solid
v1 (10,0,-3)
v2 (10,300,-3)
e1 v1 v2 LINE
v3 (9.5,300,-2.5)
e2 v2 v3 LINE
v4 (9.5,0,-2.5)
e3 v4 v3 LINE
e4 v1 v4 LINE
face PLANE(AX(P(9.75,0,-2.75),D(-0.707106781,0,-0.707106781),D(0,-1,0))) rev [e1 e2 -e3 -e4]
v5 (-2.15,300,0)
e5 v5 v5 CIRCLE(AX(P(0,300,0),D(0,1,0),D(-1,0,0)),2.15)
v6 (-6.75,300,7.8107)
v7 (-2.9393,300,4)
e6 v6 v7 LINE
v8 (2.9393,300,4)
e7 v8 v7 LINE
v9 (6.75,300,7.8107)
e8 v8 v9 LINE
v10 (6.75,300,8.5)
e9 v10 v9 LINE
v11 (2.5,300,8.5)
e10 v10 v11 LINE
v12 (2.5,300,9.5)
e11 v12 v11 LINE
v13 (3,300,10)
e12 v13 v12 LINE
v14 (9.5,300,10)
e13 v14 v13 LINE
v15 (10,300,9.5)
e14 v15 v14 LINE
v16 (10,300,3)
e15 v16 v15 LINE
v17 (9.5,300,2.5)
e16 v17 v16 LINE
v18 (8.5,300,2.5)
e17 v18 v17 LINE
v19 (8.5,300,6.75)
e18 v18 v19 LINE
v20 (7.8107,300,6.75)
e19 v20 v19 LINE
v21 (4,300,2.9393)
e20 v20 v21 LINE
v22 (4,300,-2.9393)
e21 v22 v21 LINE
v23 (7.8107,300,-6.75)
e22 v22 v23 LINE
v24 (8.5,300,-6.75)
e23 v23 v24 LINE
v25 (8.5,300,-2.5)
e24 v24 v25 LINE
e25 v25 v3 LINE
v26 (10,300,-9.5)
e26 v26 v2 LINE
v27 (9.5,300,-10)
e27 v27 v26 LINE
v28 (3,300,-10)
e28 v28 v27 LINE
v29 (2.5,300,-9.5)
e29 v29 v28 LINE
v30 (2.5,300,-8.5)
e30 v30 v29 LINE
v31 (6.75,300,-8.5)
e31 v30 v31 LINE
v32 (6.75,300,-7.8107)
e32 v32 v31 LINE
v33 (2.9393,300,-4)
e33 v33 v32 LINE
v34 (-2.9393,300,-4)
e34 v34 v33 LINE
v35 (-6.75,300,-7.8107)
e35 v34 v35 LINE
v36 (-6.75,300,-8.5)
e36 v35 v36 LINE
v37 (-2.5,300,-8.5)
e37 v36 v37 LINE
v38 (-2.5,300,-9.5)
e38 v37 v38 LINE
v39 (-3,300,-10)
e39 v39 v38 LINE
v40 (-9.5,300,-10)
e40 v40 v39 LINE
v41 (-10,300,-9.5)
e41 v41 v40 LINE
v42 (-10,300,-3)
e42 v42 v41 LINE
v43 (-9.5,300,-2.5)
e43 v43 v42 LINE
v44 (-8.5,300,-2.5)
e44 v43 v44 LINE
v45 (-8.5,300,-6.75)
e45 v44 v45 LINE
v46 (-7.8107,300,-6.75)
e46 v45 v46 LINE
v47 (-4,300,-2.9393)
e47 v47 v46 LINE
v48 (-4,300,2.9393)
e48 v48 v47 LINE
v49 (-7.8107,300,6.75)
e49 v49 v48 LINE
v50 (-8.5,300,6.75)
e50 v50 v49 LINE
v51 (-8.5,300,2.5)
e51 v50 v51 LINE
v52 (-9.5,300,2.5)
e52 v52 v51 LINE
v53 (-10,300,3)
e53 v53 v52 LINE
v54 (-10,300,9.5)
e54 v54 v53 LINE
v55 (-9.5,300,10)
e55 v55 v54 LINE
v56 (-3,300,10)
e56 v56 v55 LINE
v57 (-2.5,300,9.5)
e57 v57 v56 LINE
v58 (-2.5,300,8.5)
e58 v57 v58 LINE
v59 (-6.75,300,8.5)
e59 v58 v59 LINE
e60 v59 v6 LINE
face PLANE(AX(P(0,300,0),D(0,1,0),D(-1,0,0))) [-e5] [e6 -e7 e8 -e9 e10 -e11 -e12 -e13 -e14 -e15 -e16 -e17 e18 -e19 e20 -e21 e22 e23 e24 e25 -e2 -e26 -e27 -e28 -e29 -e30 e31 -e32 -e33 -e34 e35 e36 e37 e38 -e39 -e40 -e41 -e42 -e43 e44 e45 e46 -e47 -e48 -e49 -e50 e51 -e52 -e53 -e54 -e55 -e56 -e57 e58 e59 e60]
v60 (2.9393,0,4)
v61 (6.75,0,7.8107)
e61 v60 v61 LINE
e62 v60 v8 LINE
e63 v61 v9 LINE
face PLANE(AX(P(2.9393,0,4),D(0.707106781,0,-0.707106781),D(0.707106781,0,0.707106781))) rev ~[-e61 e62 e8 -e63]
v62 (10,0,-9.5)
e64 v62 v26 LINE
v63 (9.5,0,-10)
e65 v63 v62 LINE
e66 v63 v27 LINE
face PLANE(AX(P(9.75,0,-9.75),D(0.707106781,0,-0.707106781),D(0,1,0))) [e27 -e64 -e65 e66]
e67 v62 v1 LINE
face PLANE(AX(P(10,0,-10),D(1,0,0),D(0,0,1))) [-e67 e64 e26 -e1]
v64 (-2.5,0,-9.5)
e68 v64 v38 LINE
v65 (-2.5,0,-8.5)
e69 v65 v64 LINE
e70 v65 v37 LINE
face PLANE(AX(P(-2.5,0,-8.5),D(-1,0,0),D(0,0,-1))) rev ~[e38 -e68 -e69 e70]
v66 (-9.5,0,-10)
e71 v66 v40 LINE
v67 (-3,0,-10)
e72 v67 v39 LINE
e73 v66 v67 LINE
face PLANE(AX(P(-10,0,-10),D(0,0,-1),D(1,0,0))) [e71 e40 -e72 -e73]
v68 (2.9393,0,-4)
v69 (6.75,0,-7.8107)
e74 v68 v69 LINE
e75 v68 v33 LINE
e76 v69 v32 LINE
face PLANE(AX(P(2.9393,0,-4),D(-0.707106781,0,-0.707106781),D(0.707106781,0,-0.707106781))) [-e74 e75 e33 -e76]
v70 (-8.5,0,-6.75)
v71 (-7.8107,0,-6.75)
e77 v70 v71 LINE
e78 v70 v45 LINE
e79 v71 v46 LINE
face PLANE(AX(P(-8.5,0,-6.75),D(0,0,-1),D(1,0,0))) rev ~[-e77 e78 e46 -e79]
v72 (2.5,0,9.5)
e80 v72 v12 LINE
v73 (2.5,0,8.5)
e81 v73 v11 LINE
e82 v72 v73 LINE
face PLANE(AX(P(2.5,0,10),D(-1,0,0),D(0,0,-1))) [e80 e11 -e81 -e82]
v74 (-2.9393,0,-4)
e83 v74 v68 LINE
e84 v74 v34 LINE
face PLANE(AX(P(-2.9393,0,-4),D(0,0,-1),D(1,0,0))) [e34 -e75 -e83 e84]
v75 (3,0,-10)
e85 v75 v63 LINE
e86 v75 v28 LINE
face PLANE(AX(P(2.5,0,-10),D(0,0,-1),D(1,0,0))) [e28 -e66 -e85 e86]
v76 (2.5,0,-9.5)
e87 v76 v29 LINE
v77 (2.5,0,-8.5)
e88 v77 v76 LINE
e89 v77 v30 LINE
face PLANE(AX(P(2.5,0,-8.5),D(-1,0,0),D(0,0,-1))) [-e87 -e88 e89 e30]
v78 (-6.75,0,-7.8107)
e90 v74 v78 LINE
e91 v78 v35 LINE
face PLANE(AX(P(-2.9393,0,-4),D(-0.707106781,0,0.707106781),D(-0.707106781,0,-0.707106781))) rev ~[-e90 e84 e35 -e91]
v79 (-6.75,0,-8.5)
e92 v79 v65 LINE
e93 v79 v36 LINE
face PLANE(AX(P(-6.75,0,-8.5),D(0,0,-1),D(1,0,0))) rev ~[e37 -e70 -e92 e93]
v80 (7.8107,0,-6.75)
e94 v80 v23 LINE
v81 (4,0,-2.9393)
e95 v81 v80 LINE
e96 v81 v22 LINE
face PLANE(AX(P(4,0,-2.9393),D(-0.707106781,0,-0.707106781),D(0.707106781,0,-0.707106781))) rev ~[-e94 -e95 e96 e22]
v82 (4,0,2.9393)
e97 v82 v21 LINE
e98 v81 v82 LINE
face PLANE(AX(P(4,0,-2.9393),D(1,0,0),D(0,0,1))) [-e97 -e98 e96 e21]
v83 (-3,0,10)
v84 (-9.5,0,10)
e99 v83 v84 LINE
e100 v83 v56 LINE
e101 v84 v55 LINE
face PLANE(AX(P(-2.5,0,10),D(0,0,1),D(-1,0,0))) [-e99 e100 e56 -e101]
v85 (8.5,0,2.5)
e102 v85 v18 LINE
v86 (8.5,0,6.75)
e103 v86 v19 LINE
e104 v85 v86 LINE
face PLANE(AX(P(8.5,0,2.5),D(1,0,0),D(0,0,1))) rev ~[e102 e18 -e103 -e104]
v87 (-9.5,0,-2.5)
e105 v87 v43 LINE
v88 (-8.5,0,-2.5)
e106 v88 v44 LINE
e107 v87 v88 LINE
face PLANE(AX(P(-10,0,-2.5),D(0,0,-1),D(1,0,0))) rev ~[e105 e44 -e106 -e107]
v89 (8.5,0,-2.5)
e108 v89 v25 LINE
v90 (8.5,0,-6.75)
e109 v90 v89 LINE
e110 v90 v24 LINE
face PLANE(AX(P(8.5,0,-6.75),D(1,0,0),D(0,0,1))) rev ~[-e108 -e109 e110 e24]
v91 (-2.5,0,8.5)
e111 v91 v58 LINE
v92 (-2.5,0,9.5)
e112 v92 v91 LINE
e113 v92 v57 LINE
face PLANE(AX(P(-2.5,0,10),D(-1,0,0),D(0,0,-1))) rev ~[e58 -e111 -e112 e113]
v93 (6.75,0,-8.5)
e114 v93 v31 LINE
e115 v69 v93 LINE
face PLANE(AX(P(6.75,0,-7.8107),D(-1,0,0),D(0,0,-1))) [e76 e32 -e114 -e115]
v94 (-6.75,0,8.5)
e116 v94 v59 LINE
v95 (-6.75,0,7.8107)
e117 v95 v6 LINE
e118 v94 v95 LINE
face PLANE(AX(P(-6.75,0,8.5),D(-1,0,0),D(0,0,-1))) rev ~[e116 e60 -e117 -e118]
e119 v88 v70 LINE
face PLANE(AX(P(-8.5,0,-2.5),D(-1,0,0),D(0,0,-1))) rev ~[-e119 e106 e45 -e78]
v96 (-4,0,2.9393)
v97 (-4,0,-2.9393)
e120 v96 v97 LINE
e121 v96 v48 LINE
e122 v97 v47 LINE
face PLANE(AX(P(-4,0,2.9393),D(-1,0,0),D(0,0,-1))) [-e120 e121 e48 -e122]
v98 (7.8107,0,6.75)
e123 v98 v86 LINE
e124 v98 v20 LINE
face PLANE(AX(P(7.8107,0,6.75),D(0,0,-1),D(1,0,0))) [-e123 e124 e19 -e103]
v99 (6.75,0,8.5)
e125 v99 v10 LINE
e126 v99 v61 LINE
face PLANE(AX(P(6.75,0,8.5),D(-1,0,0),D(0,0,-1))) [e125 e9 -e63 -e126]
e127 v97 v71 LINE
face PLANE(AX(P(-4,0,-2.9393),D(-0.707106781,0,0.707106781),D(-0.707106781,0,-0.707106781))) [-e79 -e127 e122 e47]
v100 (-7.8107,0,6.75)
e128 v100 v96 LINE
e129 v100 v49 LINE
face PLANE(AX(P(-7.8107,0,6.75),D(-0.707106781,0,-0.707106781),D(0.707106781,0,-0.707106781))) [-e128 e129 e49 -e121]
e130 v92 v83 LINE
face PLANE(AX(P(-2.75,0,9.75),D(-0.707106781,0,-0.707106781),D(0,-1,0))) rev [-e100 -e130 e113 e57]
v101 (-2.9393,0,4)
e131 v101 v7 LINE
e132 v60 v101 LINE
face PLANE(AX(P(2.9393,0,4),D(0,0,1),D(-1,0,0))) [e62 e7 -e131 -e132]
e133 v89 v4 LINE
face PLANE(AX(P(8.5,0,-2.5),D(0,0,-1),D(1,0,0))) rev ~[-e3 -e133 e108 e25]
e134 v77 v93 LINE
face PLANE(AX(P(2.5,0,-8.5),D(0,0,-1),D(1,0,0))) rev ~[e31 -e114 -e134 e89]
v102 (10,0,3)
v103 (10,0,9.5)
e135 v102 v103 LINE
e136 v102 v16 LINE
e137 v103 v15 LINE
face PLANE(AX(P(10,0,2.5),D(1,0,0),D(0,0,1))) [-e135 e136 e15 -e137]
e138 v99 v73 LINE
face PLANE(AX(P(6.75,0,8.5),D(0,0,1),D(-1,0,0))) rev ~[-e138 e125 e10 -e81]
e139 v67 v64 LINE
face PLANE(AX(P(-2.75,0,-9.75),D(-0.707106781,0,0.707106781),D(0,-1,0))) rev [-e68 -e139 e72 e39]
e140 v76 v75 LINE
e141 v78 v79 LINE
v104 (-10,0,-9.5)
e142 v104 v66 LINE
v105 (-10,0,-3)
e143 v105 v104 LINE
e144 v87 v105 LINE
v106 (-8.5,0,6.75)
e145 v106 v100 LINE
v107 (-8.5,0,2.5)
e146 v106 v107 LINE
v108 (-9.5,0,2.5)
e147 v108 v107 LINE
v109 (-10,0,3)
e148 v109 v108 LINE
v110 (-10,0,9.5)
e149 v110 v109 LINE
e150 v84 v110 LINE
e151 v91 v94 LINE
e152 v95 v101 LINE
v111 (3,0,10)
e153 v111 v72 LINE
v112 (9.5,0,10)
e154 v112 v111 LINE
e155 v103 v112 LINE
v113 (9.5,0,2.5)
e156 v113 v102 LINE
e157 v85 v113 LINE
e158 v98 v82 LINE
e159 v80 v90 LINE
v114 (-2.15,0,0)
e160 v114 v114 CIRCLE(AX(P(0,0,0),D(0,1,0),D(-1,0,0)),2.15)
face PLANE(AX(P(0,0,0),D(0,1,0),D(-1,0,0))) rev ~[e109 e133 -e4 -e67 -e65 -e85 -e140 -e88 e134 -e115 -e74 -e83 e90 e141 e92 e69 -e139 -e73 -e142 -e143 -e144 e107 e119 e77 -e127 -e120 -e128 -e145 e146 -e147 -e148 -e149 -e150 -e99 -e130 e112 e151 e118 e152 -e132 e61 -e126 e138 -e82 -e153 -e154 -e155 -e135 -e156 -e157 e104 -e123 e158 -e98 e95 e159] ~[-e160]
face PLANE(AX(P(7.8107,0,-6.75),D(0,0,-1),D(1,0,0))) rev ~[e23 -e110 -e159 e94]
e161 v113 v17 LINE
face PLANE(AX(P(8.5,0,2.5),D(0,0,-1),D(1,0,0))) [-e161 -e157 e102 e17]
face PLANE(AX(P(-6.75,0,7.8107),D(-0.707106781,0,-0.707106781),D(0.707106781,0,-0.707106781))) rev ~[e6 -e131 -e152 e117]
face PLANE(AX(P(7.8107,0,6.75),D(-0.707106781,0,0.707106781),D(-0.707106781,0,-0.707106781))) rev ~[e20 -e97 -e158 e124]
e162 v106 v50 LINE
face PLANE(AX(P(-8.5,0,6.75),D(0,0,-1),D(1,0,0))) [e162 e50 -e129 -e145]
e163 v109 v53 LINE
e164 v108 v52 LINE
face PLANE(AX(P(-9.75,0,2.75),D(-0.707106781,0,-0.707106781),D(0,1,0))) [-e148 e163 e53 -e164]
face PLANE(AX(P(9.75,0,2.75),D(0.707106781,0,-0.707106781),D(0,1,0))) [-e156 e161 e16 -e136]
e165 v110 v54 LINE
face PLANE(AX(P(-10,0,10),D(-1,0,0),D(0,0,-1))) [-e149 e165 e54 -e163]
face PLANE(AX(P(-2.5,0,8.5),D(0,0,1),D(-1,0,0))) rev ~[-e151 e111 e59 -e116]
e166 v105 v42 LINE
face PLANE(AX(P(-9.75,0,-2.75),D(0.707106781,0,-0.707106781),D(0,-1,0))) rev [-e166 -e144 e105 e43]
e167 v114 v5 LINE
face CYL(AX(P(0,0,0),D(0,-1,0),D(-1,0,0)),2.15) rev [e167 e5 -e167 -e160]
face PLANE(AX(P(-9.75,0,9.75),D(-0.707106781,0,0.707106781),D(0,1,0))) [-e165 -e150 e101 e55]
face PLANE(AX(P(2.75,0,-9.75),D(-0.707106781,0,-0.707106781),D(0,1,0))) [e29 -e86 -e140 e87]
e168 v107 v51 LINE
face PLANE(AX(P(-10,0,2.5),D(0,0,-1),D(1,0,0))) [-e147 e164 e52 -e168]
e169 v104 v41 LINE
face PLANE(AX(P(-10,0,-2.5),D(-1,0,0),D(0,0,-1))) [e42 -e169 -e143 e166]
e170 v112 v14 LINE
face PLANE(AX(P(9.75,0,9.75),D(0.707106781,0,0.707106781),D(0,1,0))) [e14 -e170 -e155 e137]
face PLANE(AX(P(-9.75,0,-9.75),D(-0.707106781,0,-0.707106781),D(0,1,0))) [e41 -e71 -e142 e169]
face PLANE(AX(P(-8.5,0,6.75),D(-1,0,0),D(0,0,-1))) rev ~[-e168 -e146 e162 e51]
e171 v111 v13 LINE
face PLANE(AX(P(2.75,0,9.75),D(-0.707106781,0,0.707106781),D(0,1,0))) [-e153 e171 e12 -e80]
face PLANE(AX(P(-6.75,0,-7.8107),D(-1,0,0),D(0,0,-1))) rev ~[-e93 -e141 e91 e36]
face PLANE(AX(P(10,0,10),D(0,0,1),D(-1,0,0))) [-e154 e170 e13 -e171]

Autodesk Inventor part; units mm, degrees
ref_plane "YZ Plane" through (0, 0, 0) normal (1, 0, 0) x (0, 1, 0)
ref_plane "XZ Plane" through (0, 0, 0) normal (0, 1, 0) x (-1, 0, 0)
ref_plane "XY Plane" through (0, 0, 0) normal (0, 0, 1) x (1, 0, 0)
sketch "Sketch1" plane through (0, 0, 0) normal (0, 1, 0) x (-1, 0, 0)
  line L0 (-2.9393, 4) -> (2.9393, 4)
  line L1 (4, 2.9393) -> (4, -2.9393)
  line L2 (2.9393, -4) -> (-2.9393, -4)
  line L3 (-4, -2.9393) -> (-4, 2.9393)
  circle A0 centre (0, 0) radius 2.15
  line L4 (-2.9393, 4) -> (-6.75, 7.8107)
  line L5 (-7.8107, 6.75) -> (-4, 2.9393)
  line L6 (4, -2.9393) -> (7.8107, -6.75)
  line L7 (-10, 10) -> (-2.5, 10)
  line L8 (2.5, 10) -> (10, 10)
  line L9 (10, -10) -> (2.5, -10)
  line L10 (-2.5, -10) -> (-10, -10)
  line L11 (10, 10) -> (10, 2.5)
  line L12 (10, -2.5) -> (10, -10)
  line L13 (-10, -10) -> (-10, -2.5)
  line L14 (-10, 2.5) -> (-10, 10)
  line L15 (-8.5, 2.5) -> (-8.5, 6.75)
  line L16 (-6.75, 8.5) -> (-2.5, 8.5)
  line L17 (2.5, 10) -> (2.5, 8.5)
  line L18 (10, 2.5) -> (8.5, 2.5)
  line L19 (10, -2.5) -> (8.5, -2.5)
  line L20 (2.5, -8.5) -> (2.5, -10)
  line L21 (-2.5, -8.5) -> (-2.5, -10)
  line L22 (-8.5, -2.5) -> (-10, -2.5)
  line L23 (-8.5, 2.5) -> (-10, 2.5)
  line L24 (-2.5, 10) -> (-2.5, 8.5)
  line L25 (-7.8107, 6.75) -> (-8.5, 6.75)
  line L26 (-6.75, 8.5) -> (-6.75, 7.8107)
  line L27 (6.75, 8.5) -> (6.75, 7.8107)
  line L28 (8.5, 6.75) -> (7.8107, 6.75)
  line L29 (8.5, 6.75) -> (8.5, 2.5)
  line L30 (2.5, 8.5) -> (6.75, 8.5)
  line L31 (6.75, 7.8107) -> (2.9393, 4)
  line L32 (7.8107, 6.75) -> (4, 2.9393)
  line L33 (2.9393, -4) -> (6.75, -7.8107)
  line L34 (8.5, -2.5) -> (8.5, -6.75)
  line L35 (6.75, -8.5) -> (2.5, -8.5)
  line L36 (8.5, -6.75) -> (7.8107, -6.75)
  line L37 (6.75, -7.8107) -> (6.75, -8.5)
  line L38 (-2.5, -8.5) -> (-6.75, -8.5)
  line L39 (-2.9393, -4) -> (-6.75, -7.8107)
  line L40 (-8.5, -6.75) -> (-8.5, -2.5)
  line L41 (-4, -2.9393) -> (-7.8107, -6.75)
  line L42 (-6.75, -7.8107) -> (-6.75, -8.5)
  line L43 (-7.8107, -6.75) -> (-8.5, -6.75)
  dimension "d0" = 20
  dimension "d1" = 20
  dimension "d26" = 1.5
  dimension "d27" = 1.5
  dimension "d32" = 7.5
  dimension "d33" = 5
  dimension "d34" = 7.5
  dimension "d35" = 7.5
  dimension "d40" = 6
  dimension "d41" = 13.5
extrude "Extrusion1" add sketch "Sketch1" along normal blind 300
chamfer "Chamfer1" distance 0.5 angle 45 12 edges at (-10, 150, 2.5) (-10, 150, -2.5) (-2.5, 150, 10) (2.5, 150, 10) (10, 150, 2.5) (10, 150, -2.5) (2.5, 150, -10) (-2.5, 150, -10) (-10, 150, 10) (-10, 150, -10) (10, 150, -10) (10, 150, 10)
properties part number "2020 Extrusion 250mm" material "Aluminum 6061"
